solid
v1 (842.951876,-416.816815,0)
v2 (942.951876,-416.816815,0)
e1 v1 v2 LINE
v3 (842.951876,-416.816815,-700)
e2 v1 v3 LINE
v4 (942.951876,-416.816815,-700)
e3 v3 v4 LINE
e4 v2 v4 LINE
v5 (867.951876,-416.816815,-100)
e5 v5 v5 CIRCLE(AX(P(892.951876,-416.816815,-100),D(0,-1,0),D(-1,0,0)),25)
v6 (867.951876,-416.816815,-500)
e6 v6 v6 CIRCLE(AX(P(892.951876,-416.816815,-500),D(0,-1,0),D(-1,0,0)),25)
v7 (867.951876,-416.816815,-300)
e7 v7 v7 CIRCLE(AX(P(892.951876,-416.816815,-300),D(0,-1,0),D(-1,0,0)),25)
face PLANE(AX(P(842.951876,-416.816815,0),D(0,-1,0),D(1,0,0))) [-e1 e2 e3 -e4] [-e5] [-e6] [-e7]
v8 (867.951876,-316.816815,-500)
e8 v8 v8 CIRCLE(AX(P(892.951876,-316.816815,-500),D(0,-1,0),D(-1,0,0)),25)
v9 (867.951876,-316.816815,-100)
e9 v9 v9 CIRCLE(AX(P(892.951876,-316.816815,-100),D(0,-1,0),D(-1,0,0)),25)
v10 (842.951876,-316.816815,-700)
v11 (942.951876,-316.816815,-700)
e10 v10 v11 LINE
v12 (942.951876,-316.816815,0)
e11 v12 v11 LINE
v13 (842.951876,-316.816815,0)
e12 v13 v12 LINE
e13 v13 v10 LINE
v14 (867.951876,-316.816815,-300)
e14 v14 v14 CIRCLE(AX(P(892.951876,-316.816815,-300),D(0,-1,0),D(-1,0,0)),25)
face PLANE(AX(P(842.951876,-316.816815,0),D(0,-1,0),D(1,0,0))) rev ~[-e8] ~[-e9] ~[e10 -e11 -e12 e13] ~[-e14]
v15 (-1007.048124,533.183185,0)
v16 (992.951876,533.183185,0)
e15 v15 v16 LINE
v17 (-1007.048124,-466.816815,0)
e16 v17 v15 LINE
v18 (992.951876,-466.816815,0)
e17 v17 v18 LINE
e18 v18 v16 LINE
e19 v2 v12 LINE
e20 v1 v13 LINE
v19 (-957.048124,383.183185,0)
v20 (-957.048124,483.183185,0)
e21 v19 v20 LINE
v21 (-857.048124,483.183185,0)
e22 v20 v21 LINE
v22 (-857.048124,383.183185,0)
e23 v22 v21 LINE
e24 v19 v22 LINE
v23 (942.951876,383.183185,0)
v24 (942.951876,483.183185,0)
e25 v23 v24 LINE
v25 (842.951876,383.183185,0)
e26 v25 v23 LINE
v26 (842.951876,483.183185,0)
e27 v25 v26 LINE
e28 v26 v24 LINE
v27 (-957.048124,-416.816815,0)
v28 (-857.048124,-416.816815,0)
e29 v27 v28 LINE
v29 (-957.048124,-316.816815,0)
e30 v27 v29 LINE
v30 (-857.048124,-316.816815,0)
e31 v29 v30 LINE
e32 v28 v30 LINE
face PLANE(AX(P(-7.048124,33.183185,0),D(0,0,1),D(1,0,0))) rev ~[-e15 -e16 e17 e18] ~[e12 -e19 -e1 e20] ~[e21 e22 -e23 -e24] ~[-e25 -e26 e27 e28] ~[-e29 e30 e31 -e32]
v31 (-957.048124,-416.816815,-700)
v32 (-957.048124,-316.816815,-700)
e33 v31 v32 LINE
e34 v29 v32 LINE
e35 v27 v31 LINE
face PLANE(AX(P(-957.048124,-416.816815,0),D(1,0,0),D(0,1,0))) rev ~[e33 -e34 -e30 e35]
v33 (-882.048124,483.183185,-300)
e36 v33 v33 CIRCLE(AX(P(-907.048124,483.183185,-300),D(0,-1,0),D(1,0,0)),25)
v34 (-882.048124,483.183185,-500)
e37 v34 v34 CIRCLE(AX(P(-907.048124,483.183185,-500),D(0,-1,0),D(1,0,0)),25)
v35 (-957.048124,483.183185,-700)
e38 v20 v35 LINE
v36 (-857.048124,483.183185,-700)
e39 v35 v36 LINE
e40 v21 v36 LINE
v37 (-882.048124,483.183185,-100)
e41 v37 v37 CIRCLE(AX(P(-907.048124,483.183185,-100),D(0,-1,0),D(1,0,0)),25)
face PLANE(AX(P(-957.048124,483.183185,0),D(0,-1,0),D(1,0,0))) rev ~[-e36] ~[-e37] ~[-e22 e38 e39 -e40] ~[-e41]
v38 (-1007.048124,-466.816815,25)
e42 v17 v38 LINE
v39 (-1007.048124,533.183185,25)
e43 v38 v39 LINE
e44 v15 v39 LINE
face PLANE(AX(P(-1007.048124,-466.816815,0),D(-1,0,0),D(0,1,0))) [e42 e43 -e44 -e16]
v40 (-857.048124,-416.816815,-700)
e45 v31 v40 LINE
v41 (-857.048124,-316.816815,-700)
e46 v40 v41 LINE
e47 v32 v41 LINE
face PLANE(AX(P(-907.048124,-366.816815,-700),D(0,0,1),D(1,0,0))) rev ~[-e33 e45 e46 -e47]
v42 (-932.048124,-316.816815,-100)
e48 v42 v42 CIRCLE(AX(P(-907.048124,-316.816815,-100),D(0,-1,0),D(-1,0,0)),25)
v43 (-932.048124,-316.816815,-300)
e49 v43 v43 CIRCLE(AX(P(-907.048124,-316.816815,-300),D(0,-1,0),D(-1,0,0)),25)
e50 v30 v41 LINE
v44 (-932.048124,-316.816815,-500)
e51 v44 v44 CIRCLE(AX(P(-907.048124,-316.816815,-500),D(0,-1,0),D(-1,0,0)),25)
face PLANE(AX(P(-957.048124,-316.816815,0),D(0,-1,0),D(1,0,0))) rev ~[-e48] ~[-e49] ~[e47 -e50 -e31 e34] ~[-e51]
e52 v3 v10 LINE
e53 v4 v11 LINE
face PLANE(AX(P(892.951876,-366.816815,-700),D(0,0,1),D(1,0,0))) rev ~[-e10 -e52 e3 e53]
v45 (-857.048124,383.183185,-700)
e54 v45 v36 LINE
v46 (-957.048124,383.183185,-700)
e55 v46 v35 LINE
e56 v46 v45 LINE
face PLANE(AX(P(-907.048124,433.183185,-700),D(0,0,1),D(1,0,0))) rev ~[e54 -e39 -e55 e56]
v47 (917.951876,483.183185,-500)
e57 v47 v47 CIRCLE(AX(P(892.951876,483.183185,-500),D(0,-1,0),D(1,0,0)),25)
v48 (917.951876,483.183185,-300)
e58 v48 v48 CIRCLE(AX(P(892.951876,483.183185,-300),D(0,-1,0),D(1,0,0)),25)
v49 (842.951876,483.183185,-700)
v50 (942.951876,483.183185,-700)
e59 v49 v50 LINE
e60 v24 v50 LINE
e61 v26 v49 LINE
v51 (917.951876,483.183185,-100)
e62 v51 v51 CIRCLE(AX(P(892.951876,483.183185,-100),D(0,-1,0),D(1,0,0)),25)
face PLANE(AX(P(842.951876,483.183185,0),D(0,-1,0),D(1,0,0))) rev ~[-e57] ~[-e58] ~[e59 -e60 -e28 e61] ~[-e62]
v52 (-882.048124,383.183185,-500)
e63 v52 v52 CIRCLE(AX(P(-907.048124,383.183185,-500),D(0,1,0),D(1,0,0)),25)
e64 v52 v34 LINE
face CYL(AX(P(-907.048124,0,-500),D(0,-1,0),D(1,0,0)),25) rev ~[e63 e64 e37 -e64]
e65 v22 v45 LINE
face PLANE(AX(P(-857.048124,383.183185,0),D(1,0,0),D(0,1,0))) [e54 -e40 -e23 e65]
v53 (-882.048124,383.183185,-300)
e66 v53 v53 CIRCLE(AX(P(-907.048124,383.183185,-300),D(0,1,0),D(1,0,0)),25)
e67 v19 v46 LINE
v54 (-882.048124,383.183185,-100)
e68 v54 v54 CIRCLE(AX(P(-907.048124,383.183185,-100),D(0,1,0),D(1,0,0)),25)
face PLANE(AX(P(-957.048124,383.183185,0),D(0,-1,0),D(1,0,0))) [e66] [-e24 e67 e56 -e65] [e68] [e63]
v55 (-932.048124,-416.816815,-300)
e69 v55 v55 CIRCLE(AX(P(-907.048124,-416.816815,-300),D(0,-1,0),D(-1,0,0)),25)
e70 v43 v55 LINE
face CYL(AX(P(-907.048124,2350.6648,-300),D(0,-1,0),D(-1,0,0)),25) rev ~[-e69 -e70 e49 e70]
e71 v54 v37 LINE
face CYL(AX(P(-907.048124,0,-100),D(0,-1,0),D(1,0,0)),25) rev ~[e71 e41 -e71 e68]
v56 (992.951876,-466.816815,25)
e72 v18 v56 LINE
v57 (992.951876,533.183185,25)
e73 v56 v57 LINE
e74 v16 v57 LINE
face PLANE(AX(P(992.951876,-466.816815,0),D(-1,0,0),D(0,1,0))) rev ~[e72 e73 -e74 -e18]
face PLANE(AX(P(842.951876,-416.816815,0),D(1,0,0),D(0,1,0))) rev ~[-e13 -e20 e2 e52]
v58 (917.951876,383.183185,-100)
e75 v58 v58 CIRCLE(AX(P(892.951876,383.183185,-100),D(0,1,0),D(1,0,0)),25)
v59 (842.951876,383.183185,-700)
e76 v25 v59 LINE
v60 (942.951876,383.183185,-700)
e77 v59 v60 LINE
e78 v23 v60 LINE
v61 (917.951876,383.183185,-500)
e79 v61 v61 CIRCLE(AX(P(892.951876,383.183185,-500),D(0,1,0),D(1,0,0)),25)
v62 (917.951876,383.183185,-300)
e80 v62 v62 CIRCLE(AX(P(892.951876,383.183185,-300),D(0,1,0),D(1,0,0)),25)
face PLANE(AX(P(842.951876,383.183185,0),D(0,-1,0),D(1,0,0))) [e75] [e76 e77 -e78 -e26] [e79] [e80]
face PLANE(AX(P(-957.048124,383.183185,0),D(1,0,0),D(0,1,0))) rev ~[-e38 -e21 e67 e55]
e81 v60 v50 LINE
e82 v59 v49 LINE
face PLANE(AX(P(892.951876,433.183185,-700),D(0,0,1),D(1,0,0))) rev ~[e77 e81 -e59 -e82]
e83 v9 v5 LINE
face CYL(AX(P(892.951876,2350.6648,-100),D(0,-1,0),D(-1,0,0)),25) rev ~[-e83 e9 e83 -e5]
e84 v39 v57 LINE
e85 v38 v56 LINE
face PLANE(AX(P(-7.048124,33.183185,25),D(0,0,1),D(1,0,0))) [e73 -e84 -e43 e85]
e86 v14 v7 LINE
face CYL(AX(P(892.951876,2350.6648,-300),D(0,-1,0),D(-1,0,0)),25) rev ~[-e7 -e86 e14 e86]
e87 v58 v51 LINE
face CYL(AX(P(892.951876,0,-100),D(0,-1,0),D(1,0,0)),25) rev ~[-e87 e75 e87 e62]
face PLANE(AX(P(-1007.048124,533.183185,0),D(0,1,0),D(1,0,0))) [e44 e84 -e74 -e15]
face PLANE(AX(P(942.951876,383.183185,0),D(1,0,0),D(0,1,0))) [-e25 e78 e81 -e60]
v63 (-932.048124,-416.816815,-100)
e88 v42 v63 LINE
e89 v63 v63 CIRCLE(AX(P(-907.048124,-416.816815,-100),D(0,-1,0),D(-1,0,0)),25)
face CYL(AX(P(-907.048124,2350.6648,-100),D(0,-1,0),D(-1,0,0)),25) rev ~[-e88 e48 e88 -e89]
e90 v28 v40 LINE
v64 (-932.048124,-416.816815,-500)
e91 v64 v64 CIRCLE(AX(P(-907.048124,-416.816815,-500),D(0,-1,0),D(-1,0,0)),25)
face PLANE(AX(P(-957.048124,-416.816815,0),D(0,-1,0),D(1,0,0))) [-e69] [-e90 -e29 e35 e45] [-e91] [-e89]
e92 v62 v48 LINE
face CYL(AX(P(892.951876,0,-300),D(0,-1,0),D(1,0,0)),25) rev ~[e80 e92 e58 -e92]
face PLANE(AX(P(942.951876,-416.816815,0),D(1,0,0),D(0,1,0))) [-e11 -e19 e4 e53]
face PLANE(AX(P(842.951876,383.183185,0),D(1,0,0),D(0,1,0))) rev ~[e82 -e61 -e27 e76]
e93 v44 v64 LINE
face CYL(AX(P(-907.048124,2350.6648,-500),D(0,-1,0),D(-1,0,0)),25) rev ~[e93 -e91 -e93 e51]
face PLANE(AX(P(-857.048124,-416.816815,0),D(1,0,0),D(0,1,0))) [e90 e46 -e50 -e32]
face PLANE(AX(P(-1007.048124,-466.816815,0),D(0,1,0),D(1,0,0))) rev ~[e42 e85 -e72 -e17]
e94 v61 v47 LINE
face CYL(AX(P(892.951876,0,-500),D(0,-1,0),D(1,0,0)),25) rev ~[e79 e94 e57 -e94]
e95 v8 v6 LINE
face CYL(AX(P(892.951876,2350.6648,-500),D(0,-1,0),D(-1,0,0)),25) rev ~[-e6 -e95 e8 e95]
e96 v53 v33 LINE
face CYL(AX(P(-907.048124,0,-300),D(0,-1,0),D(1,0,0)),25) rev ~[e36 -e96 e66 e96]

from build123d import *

# Parameters (mm, degrees)
F0_W     = 2000
F0_H     = 1000
F0_W_2   = 100
F0_H_2   = 100
F2_DEPTH = 25
F3_DEPTH = 700
F4_D     = 50
F4_DEPTH = 533.1841849229
F5_D     = 50


with BuildPart() as f2:
    # F0 (on Top) → F2 (new body)
    with BuildSketch(Plane.XY):
        with Locations((-7.0481244475, 33.1831849229)):
            Rectangle(F0_W, F0_H)
        with Locations((-907.0481244475, -366.8168150771)):
            Rectangle(F0_W_2, F0_H_2, mode=Mode.SUBTRACT)
        with Locations((892.9518755525, -366.8168150771)):
            Rectangle(F0_W_2, F0_H_2, mode=Mode.SUBTRACT)
        with Locations((-907.0481244475, 433.1831849229)):
            Rectangle(F0_W_2, F0_H_2, mode=Mode.SUBTRACT)
        with Locations((892.9518755525, 433.1831849229)):
            Rectangle(F0_W_2, F0_H_2, mode=Mode.SUBTRACT)
        with Locations((-907.0481244475, -366.8168150771)):
            Rectangle(F0_W_2, F0_H_2)
        with Locations((-907.0481244475, 433.1831849229)):
            Rectangle(F0_W_2, F0_H_2)
        with Locations((892.9518755525, 433.1831849229)):
            Rectangle(F0_W_2, F0_H_2)
        with Locations((892.9518755525, -366.8168150771)):
            Rectangle(F0_W_2, F0_H_2)
    extrude(amount=F2_DEPTH)

    # F0 (on Top) → F3 (join)
    with BuildSketch(Plane.XY):
        with Locations((-907.0481244475, -366.8168150771)):
            Rectangle(F0_W_2, F0_H_2)
        with Locations((-907.0481244475, 433.1831849229)):
            Rectangle(F0_W_2, F0_H_2)
        with Locations((892.9518755525, 433.1831849229)):
            Rectangle(F0_W_2, F0_H_2)
        with Locations((892.9518755525, -366.8168150771)):
            Rectangle(F0_W_2, F0_H_2)
    extrude(amount=-F3_DEPTH)

    # F4 (through all, one way)
    with BuildSketch(Plane.XZ):
        with Locations((-907.0481244475, -100), (-907.0481244475, -300), (-907.0481244475, -500), (892.9518755525, -500), (892.9518755525, -300), (892.9518755525, -100)):
            Circle(F4_D / 2)
    extrude(amount=-F4_DEPTH, mode=Mode.SUBTRACT)

    # F5 (through all)
    with Locations(Plane(origin=(0, 0, 0), x_dir=(1, 0, 0), z_dir=(0, 1, 0))):
        with Locations((-907.0481244475, 100), (-907.0481244475, 300), (-907.0481244475, 500), (892.9518755525, 100), (892.9518755525, 300), (892.9518755525, 500)):
            Hole(F5_D / 2)


solid = f2.part
